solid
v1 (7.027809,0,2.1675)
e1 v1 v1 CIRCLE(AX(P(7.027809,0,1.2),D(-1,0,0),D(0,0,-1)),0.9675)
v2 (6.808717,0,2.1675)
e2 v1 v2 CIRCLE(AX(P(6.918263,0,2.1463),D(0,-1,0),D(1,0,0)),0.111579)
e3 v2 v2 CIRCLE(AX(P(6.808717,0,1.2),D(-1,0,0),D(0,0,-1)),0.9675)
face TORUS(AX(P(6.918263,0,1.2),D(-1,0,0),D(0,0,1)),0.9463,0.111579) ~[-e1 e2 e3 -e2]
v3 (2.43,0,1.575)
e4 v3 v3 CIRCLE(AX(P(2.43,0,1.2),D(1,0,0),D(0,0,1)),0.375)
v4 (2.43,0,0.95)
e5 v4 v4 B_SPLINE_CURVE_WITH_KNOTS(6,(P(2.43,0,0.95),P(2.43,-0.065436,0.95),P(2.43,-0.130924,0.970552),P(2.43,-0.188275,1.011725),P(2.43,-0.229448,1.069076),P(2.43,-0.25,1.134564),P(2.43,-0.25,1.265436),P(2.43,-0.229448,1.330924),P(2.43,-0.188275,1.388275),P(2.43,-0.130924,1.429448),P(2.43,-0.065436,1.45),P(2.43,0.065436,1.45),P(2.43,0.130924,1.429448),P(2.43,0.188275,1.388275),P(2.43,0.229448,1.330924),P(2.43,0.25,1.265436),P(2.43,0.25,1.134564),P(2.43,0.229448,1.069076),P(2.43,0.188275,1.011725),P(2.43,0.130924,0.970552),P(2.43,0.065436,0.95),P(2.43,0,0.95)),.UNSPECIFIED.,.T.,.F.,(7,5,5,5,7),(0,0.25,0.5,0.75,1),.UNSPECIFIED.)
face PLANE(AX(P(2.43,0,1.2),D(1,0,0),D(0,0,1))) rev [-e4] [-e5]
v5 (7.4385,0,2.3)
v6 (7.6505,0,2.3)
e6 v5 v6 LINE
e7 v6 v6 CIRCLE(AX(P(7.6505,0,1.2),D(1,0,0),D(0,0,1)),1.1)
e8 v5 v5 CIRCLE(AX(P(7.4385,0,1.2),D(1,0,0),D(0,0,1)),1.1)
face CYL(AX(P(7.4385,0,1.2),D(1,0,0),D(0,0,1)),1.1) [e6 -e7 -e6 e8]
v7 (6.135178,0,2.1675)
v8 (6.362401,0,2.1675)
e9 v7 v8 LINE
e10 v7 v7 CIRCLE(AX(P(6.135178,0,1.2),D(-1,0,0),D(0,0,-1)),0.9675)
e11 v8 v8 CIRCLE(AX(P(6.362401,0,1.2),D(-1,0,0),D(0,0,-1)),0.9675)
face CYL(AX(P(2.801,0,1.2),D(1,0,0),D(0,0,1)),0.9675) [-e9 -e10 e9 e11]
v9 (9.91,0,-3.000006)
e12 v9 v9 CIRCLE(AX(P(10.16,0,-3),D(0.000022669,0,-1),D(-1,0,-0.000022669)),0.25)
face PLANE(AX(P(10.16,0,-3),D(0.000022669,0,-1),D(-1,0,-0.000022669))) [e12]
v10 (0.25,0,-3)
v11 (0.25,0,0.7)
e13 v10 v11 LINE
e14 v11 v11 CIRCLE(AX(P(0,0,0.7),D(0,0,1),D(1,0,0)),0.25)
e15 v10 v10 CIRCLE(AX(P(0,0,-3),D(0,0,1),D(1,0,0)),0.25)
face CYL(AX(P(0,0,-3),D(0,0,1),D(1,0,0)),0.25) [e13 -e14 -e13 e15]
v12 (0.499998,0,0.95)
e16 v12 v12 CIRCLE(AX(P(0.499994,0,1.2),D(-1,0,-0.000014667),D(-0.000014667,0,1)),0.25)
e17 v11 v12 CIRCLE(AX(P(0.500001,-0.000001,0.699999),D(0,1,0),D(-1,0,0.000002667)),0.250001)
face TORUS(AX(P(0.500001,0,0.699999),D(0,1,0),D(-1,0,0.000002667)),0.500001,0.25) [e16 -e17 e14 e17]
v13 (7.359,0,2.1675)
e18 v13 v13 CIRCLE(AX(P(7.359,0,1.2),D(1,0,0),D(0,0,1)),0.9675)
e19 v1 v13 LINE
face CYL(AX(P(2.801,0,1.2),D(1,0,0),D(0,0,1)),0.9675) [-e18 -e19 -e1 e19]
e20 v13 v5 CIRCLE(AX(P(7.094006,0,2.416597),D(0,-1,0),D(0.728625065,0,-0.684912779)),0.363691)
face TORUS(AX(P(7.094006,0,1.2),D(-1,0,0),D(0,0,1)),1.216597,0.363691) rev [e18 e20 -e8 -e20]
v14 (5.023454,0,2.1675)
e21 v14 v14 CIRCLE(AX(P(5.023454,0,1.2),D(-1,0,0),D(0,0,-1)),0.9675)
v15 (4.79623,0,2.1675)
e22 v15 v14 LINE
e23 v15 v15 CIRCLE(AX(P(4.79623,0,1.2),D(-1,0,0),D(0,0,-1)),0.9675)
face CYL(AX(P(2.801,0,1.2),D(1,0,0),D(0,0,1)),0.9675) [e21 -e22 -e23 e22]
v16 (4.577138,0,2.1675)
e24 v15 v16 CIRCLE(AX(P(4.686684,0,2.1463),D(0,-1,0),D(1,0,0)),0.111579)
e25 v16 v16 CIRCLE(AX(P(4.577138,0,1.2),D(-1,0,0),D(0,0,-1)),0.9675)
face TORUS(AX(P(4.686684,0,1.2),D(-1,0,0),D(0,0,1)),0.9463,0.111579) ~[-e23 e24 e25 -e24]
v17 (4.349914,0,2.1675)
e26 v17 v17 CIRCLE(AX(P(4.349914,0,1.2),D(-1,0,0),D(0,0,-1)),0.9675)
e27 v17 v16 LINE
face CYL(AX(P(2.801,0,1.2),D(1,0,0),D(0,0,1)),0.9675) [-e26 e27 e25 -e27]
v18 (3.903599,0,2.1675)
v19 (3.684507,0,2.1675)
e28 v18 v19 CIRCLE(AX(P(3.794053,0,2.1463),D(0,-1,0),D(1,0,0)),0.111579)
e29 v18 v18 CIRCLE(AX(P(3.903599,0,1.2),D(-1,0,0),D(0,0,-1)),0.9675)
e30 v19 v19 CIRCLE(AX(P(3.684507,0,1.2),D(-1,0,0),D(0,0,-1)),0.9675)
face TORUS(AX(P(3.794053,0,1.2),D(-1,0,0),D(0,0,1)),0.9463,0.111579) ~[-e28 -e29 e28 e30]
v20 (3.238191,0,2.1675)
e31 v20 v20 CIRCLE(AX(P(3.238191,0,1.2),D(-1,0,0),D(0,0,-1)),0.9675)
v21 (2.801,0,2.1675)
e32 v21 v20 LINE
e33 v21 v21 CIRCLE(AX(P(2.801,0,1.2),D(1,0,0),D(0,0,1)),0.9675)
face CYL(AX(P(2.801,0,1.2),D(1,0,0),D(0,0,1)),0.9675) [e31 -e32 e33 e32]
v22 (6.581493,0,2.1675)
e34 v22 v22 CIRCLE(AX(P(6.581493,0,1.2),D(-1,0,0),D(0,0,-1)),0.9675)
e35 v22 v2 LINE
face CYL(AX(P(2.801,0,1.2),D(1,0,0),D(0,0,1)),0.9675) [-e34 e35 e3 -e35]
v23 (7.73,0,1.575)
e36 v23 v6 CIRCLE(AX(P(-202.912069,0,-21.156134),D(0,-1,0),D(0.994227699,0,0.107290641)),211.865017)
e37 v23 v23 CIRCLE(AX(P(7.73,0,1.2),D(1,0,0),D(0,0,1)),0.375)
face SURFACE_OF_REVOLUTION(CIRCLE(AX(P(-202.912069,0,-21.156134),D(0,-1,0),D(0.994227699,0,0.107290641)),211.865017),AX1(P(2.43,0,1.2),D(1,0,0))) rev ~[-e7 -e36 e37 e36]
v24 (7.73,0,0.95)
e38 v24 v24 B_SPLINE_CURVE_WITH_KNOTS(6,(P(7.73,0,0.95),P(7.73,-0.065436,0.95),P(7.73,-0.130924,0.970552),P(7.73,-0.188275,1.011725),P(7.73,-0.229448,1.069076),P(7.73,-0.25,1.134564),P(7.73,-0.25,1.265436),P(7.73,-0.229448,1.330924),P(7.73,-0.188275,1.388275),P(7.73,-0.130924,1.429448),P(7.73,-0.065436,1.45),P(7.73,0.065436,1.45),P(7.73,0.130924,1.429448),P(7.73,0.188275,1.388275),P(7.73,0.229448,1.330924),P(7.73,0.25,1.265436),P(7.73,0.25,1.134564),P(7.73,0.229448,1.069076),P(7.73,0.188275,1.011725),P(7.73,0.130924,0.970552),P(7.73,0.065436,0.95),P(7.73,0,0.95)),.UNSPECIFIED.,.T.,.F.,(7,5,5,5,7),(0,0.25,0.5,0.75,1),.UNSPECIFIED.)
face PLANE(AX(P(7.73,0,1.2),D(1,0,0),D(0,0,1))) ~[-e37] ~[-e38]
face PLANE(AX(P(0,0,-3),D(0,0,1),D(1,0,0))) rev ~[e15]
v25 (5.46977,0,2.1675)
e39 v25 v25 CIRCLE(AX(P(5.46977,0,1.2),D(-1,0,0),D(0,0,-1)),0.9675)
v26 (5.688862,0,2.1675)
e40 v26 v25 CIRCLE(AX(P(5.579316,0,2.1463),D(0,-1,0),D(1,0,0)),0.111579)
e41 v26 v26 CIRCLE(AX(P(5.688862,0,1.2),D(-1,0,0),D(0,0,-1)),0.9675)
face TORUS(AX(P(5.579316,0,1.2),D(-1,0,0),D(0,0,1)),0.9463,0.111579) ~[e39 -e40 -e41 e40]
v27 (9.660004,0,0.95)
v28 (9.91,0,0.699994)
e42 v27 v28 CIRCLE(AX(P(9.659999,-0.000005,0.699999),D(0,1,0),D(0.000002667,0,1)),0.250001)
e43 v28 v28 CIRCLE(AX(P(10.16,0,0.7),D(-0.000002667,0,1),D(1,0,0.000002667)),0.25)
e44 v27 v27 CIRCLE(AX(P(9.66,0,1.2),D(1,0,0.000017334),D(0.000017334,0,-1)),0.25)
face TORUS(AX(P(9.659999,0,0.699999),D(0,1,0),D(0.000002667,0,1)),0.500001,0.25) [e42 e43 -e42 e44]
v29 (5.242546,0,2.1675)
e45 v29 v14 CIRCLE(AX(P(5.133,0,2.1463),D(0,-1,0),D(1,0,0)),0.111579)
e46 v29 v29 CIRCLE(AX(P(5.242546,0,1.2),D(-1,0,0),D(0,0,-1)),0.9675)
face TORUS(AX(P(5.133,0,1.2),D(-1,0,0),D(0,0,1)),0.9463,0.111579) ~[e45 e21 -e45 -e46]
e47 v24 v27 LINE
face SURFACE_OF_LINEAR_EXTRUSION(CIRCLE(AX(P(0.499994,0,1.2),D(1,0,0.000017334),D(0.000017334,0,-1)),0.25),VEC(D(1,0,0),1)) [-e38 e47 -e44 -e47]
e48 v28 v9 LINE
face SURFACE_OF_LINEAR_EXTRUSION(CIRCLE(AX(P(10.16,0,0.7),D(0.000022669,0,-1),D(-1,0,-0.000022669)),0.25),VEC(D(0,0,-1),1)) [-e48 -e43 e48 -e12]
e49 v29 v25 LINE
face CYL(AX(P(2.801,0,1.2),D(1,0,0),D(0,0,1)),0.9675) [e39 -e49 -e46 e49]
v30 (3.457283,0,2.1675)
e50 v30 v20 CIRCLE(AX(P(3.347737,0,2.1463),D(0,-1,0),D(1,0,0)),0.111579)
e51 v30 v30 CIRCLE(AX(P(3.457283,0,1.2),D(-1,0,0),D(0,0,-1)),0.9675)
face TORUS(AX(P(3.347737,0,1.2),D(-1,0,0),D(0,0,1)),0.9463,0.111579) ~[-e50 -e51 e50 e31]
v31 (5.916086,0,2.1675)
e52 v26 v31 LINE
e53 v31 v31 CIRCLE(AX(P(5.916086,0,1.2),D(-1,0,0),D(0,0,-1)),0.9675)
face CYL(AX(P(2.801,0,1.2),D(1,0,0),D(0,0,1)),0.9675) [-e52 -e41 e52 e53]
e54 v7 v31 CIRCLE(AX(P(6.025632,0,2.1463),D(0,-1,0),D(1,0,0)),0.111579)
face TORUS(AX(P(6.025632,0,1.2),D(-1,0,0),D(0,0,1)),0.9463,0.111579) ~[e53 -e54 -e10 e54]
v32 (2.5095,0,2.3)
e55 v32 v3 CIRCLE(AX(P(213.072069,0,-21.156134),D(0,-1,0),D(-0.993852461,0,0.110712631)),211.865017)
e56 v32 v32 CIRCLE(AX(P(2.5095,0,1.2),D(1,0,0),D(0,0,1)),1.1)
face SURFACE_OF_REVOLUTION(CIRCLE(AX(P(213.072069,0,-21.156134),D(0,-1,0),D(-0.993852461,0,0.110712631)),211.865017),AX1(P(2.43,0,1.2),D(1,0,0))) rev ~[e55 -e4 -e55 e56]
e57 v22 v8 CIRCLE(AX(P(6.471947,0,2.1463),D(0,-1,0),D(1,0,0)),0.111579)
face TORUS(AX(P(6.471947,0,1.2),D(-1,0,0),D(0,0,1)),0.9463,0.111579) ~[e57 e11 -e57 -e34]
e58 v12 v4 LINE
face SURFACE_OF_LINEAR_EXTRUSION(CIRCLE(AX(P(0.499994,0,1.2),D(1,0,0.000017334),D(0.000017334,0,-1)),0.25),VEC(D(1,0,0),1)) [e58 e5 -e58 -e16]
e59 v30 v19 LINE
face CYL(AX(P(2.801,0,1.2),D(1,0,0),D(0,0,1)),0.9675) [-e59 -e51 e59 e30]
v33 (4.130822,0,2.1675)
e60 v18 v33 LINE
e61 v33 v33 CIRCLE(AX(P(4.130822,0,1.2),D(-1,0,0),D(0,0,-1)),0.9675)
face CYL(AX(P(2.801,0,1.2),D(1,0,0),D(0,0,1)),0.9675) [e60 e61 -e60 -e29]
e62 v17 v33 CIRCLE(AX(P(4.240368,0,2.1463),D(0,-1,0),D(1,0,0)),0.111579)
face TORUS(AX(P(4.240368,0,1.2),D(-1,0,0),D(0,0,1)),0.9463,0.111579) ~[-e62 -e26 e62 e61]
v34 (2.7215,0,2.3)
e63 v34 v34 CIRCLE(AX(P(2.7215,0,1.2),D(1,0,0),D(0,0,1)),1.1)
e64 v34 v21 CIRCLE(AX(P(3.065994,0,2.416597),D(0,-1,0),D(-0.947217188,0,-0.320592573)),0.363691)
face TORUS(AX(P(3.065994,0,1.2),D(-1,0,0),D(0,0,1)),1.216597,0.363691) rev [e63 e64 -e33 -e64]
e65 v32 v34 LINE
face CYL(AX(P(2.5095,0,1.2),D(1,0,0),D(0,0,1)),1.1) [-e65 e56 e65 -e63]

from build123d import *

# Parameters (mm, degrees)
SKETCH_R = 0.25


with BuildPart() as sweep_body:
    # Sweep: sweep along a path in Sketch001
    with BuildLine(Plane.XZ) as sweep_path:
        Line((0, -3), (0, 0.7))
        ThreePointArc((0, 0.7), (0.146445, 1.053551), (0.499994, 1.2))
        Line((0.499994, 1.2), (9.66, 1.2))
        ThreePointArc((9.66, 1.2), (10.013553, 1.053553), (10.16, 0.7))
        Line((10.16, 0.7), (10.16, -3))
    # Sketch → Sweep (sweep)
    with BuildSketch(Plane.XY.offset(-2)):
        Circle(SKETCH_R)
    sweep(path=sweep_path.line)


with BuildPart() as revolution:
    # Sketch002 → Revolution (revolve)
    with BuildSketch(Plane.XZ):
        with BuildLine():
            Line((2.5095, 2.3), (2.7215, 2.3))
            ThreePointArc((2.7215, 2.3), (2.754132, 2.229479), (2.801, 2.1675))
            Line((2.801, 2.1675), (7.359, 2.1675))
            ThreePointArc((7.359, 2.1675), (7.405868, 2.229479), (7.4385, 2.3))
            Line((7.4385, 2.3), (7.6505, 2.3))
            ThreePointArc((7.73, 1.575), (7.690562, 1.937534), (7.6505, 2.3))
            Line((7.73, 1.2), (7.73, 1.575))
            Line((2.43, 1.2), (7.73, 1.2))
            Line((2.43, 1.2), (2.43, 1.575))
            ThreePointArc((2.5095, 2.3), (2.469438, 1.937534), (2.43, 1.575))
        make_face()
    revolve(axis=Axis((2.43, 0, 1.2), (1, 0, 0)))


with BuildPart() as revolution001_mp_cp:
    # Sketch003 → Revolution001 (revolve)
    with BuildSketch(Plane.XZ):
        with BuildLine():
            ThreePointArc((3.459316, 2.1463), (3.347737, 2.257879), (3.236158, 2.1463))
            Line((3.013, 2.1463), (3.236158, 2.1463))
            Line((3.013, 2.1463), (3.013, 1.9263))
            Line((3.013, 1.9263), (7.253, 1.9263))
            Line((7.253, 1.9263), (7.253, 2.1463))
            Line((7.029842, 2.1463), (7.253, 2.1463))
            ThreePointArc((7.029842, 2.1463), (6.918263, 2.257879), (6.806684, 2.1463))
            Line((6.583526, 2.1463), (6.806684, 2.1463))
            ThreePointArc((6.583526, 2.1463), (6.471947, 2.257879), (6.360368, 2.1463))
            Line((6.137211, 2.1463), (6.360368, 2.1463))
            ThreePointArc((6.137211, 2.1463), (6.025632, 2.257879), (5.914053, 2.1463))
            Line((5.690895, 2.1463), (5.914053, 2.1463))
            ThreePointArc((5.690895, 2.1463), (5.579316, 2.257879), (5.467737, 2.1463))
            Line((5.244579, 2.1463), (5.467737, 2.1463))
            ThreePointArc((5.244579, 2.1463), (5.133, 2.257879), (5.021421, 2.1463))
            Line((4.798263, 2.1463), (5.021421, 2.1463))
            ThreePointArc((4.798263, 2.1463), (4.686684, 2.257879), (4.575105, 2.1463))
            Line((4.351947, 2.1463), (4.575105, 2.1463))
            ThreePointArc((4.351947, 2.1463), (4.240368, 2.257879), (4.128789, 2.1463))
            Line((3.905632, 2.1463), (4.128789, 2.1463))
            ThreePointArc((3.905632, 2.1463), (3.794053, 2.257879), (3.682474, 2.1463))
            Line((3.459316, 2.1463), (3.682474, 2.1463))
        make_face()
    revolve(axis=Axis((2.5625, 0, 1.2), (1, 0, 0)))

    # Revolution001_mp_cp: union Sweep body, Revolution
    add(sweep_body.part)
    add(revolution.part)


solid = revolution001_mp_cp.part
